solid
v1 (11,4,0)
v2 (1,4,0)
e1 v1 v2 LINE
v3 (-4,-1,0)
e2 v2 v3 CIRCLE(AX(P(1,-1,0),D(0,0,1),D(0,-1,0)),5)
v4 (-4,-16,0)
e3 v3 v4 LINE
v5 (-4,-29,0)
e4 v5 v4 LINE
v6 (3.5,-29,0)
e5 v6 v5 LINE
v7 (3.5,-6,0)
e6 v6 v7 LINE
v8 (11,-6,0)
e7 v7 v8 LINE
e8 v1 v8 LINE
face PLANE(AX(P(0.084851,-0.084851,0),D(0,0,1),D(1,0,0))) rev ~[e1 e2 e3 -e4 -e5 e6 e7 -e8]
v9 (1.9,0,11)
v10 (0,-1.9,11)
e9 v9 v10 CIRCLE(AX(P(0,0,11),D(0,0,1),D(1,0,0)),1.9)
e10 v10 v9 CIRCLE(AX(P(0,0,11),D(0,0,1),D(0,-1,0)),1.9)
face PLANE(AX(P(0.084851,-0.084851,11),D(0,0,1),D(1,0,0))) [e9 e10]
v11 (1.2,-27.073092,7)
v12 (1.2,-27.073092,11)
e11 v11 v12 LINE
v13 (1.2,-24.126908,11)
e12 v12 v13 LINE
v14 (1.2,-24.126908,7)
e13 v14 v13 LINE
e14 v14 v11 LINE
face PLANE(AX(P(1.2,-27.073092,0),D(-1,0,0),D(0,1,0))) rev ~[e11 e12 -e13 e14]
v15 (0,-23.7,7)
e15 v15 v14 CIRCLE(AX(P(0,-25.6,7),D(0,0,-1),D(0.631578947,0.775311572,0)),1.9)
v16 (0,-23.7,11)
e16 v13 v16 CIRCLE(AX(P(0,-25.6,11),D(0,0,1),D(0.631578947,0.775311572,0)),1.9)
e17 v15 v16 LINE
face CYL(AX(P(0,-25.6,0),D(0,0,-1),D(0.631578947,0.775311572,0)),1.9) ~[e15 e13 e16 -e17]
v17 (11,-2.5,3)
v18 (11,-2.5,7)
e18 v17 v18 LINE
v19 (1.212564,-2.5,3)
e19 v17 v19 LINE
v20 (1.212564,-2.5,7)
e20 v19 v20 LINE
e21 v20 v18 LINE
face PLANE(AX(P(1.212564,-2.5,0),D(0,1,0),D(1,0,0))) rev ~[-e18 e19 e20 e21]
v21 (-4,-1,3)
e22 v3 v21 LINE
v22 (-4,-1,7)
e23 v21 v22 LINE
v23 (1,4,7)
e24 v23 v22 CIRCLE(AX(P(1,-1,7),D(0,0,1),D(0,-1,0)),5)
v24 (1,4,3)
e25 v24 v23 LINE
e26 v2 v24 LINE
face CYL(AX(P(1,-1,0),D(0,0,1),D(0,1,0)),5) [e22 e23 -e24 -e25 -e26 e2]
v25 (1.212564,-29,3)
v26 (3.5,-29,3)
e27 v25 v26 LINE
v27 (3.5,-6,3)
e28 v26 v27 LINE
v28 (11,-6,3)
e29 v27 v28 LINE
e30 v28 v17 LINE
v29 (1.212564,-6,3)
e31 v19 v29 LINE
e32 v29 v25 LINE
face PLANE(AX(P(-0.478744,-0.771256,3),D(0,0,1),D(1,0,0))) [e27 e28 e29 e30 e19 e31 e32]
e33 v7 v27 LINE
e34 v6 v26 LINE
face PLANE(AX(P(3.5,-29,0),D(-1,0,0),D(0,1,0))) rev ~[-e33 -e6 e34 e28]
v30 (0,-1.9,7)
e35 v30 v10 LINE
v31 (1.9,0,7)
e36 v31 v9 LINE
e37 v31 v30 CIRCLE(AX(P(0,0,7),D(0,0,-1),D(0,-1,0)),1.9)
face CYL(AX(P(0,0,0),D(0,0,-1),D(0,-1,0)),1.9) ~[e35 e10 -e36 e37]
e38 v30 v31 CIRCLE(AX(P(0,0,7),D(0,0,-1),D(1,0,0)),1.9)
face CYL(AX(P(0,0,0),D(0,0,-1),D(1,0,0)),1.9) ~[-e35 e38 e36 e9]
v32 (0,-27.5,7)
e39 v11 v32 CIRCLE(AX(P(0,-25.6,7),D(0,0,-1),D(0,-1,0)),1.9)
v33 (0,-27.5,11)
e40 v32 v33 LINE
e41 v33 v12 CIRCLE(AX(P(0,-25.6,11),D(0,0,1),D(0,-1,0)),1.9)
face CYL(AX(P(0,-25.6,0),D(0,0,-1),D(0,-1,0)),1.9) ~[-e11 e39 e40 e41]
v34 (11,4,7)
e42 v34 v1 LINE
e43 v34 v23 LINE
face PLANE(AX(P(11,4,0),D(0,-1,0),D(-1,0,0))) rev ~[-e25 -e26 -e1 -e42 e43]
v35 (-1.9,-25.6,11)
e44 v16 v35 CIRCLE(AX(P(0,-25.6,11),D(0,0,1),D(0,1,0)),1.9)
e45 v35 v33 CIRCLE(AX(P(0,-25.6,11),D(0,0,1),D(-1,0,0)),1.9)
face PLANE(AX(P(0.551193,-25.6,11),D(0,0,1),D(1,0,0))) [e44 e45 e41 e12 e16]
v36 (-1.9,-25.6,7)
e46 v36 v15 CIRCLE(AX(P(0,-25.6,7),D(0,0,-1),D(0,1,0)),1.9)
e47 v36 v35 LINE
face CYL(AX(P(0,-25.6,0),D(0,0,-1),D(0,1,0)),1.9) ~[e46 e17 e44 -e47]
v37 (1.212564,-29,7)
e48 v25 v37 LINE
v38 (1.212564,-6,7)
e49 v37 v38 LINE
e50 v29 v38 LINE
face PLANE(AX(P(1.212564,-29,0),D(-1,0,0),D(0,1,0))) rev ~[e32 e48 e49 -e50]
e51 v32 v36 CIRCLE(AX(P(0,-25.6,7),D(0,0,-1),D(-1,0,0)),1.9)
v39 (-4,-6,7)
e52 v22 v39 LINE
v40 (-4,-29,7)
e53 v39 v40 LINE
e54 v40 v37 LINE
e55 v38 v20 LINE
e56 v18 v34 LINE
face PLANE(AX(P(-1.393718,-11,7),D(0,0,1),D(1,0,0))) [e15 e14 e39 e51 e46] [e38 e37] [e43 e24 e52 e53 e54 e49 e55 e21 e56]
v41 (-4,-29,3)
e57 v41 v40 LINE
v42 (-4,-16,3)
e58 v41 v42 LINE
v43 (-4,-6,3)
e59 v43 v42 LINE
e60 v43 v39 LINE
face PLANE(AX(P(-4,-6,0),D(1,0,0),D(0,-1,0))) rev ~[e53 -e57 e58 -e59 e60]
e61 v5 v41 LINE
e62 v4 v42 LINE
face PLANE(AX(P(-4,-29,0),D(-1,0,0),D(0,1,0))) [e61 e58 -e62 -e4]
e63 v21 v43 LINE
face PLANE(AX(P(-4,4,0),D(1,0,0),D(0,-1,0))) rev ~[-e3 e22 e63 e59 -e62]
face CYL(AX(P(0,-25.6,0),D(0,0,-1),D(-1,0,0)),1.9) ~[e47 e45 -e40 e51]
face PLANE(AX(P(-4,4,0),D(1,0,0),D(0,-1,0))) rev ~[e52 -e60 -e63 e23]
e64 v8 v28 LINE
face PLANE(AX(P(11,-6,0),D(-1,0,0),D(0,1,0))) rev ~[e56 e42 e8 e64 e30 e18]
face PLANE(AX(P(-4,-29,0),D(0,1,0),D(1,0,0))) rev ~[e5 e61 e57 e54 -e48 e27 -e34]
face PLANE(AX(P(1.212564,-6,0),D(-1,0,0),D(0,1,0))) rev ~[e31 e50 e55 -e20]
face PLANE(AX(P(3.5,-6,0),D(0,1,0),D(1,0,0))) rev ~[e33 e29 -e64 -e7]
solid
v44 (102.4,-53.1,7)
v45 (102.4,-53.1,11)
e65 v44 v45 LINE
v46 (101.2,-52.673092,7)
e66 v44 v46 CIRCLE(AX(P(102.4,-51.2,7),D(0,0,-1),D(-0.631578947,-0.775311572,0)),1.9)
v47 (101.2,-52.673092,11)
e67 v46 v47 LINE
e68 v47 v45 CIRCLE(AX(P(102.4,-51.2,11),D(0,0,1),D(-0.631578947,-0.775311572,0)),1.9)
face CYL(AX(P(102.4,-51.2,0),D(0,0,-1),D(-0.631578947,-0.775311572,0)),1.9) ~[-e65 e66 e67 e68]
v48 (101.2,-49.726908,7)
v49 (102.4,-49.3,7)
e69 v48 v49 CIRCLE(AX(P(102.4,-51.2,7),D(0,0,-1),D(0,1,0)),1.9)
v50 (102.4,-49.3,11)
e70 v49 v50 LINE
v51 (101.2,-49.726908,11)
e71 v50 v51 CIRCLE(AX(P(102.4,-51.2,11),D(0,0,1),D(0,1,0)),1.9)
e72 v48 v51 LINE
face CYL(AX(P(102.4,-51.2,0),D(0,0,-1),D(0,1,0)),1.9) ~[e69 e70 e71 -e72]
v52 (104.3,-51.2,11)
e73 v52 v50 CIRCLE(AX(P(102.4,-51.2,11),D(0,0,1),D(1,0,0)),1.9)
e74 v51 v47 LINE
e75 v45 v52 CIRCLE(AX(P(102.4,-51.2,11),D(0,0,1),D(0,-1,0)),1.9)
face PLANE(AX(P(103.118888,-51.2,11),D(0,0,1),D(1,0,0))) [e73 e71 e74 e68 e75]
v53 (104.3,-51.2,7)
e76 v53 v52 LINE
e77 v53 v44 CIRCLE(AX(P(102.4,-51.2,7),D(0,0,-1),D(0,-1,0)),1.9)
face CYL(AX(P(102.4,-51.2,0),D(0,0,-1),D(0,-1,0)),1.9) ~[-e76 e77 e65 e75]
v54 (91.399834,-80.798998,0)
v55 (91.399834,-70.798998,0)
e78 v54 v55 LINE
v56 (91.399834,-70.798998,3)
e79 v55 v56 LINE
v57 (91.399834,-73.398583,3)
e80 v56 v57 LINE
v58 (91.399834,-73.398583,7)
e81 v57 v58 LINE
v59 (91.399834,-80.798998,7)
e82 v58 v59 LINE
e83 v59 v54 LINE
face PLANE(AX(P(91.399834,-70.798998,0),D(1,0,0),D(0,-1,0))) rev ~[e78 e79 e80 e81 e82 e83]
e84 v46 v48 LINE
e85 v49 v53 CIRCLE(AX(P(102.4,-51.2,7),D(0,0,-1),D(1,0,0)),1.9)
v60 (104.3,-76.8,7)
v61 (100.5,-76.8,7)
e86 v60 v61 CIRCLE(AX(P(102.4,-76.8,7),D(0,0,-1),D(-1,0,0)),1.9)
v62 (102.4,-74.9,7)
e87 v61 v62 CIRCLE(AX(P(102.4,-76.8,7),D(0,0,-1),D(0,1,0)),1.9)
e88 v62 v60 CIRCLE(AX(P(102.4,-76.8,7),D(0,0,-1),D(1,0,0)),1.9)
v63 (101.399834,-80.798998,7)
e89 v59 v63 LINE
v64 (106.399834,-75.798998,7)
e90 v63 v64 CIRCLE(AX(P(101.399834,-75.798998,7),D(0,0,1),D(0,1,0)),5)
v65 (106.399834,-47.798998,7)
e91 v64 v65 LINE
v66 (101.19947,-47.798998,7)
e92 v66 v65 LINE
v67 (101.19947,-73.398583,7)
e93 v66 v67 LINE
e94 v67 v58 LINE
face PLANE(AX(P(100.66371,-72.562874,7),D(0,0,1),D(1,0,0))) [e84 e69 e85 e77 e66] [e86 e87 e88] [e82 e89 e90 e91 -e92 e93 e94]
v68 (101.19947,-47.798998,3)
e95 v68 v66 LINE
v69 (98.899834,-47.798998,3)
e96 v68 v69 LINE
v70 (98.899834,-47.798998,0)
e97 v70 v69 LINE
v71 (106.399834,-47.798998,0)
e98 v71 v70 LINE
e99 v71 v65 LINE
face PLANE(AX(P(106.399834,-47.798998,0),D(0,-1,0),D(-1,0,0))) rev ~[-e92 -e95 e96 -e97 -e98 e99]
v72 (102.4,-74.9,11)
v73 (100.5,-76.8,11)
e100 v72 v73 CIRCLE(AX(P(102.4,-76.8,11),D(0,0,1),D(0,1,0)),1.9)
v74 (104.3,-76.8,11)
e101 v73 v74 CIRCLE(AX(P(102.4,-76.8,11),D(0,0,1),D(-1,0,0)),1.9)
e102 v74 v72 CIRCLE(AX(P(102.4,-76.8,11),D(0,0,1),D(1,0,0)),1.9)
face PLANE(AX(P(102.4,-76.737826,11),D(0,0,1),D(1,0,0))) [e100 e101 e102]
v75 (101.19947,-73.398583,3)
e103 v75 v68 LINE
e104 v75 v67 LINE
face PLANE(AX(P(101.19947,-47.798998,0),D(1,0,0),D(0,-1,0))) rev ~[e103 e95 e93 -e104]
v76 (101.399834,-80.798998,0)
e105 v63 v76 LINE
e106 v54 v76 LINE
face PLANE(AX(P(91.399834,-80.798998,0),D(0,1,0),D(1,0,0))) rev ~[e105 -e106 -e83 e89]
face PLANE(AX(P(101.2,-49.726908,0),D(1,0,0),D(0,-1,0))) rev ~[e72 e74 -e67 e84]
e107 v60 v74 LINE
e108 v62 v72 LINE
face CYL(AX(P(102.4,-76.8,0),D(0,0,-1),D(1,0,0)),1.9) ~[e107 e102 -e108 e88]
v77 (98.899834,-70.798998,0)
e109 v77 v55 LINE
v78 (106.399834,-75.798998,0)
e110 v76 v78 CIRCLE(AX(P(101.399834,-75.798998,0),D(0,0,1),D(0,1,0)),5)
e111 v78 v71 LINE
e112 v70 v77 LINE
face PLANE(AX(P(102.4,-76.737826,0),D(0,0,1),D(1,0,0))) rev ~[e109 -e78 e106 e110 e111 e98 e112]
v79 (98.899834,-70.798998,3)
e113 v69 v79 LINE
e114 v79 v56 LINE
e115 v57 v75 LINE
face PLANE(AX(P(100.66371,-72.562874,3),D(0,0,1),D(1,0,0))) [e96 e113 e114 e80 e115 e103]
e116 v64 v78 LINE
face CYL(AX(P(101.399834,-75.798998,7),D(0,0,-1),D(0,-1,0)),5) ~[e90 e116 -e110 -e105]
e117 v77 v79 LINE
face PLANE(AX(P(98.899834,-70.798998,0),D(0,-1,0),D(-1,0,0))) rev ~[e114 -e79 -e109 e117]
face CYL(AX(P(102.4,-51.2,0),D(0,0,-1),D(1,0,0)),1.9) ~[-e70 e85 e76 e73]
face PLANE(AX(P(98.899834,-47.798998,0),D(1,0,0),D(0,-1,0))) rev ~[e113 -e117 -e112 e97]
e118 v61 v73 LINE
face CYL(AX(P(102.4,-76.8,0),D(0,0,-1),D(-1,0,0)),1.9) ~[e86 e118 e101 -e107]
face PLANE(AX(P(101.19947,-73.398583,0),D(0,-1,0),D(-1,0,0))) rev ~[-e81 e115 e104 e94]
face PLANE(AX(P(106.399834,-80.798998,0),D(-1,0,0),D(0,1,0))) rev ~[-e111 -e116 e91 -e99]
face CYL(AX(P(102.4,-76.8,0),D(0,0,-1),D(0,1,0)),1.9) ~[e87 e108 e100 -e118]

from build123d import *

# Parameters (mm, degrees)
F1_W     = 7.5
F1_H     = 6.5
F1_W_2   = 5.2125635985
F1_H_2   = 10
F1_W_3   = 2.2874364015
F1_H_3   = 13
F2_DEPTH = 3
F1_W_4   = 5.20036304
F1_W_5   = 2.29963696
F3_DEPTH = 7
F4_DEPTH = 11
F5_R     = 5
F5_2_R   = 5


with BuildPart() as f2:
    # F1 (on Top) → F2 (new body)
    with BuildSketch(Plane.XY):
        Polygon((3.5, 4), (0, 4), (-4, 4), (-4, -6), (1.2125635985, -6), (1.2125635985, -3.4049407113), (1.2125635985, -2.5), (3.5, -2.5), align=None)
        with Locations((7.25, 0.75)):
            Rectangle(F1_W, F1_H)
        with Locations((-1.3937182007, -11)):
            Rectangle(F1_W_2, F1_H_2)
        Polygon((11, -2.5), (3.5, -2.5), (1.2125635985, -2.5), (1.2125635985, -3.4049407113), (1.2125635985, -6), (3.5, -6), (11, -6), align=None)
        with Locations((2.3562817993, -11)):
            Rectangle(F1_W_3, F1_H_2)
        with Locations((-1.3937182007, -22.5)):
            Rectangle(F1_W_2, F1_H_3)
        with Locations((2.3562817993, -22.5)):
            Rectangle(F1_W_3, F1_H_3)
    extrude(amount=F2_DEPTH)

    # F1 (on Top) → F3 (join)
    with BuildSketch(Plane.XY):
        with Locations((-1.3937182007, -11)):
            Rectangle(F1_W_2, F1_H_2)
        with Locations((7.25, 0.75)):
            Rectangle(F1_W, F1_H)
        Polygon((3.5, 4), (0, 4), (-4, 4), (-4, -6), (1.2125635985, -6), (1.2125635985, -3.4049407113), (1.2125635985, -2.5), (3.5, -2.5), align=None)
        with Locations((-1.3937182007, -22.5)):
            Rectangle(F1_W_2, F1_H_3)
    extrude(amount=F3_DEPTH)

    # F0 (on Top) → F4, piece 2 (join)
    with BuildSketch(Plane.XY):
        with BuildLine():
            ThreePointArc((0, -1.9), (1.3435028843, -1.3435028843), (1.9, 0))
            ThreePointArc((1.9, 0), (-1.3435028843, 1.3435028843), (0, -1.9))
        make_face()
        with BuildLine():
            ThreePointArc((1.2, -24.1269080137), (0.6368379802, -23.8099057603), (0, -23.7))
            Line((0, -23.7), (0, -25.6))
            Line((0, -25.6), (0, -27.5))
            ThreePointArc((0, -27.5), (0.6368379802, -27.3900942397), (1.2, -27.0730919863))
            Line((1.2, -27.0730919863), (1.2, -24.1269080137))
        make_face()
        with BuildLine():
            Line((0, -25.6), (0, -23.7))
            ThreePointArc((0, -23.7), (-1.3435028843, -24.2564971157), (-1.9, -25.6))
            Line((-1.9, -25.6), (0, -25.6))
        make_face()
        with BuildLine():
            Line((0, -27.5), (0, -25.6))
            Line((0, -25.6), (-1.9, -25.6))
            ThreePointArc((-1.9, -25.6), (-1.3435028843, -26.9435028843), (0, -27.5))
        make_face()
    extrude(amount=F4_DEPTH)

    # F5
    f5_edges = [f2.edges().sort_by_distance(p)[0] for p in [
        (-4, 4, 3.5),
    ]]
    fillet(f5_edges, radius=F5_R)


with BuildPart() as f2b:
    # F1 (on Top) → F2, piece 2 (new body)
    with BuildSketch(Plane.XY):
        Polygon((106.3998335004, -80.7989978194), (106.3998335004, -76.7989978194), (106.3998335004, -70.7989978194), (106.3998335004, -60.7989978194), (101.1994704604, -60.7989978194), (101.1994704604, -70.7989978194), (101.1994704604, -73.3985826373), (98.8998335004, -73.3985826373), (91.3998335004, -73.3985826373), (91.3998335004, -80.7989978194), (98.8998335004, -80.7989978194), align=None)
        with Locations((103.7996519804, -54.2989978194)):
            Rectangle(F1_W_4, F1_H_3)
        Polygon((101.1994704604, -70.7989978194), (101.1994704604, -60.7989978194), (98.8998335004, -60.7989978194), (98.8998335004, -70.7989978194), (91.3998335004, -70.7989978194), (91.3998335004, -73.3985826373), (98.8998335004, -73.3985826373), (101.1994704604, -73.3985826373), align=None)
        with Locations((100.0496519804, -54.2989978194)):
            Rectangle(F1_W_5, F1_H_3)
    extrude(amount=F2_DEPTH)

    # F1 (on Top) → F3, piece 2 (join)
    with BuildSketch(Plane.XY):
        Polygon((106.3998335004, -80.7989978194), (106.3998335004, -76.7989978194), (106.3998335004, -70.7989978194), (106.3998335004, -60.7989978194), (101.1994704604, -60.7989978194), (101.1994704604, -70.7989978194), (101.1994704604, -73.3985826373), (98.8998335004, -73.3985826373), (91.3998335004, -73.3985826373), (91.3998335004, -80.7989978194), (98.8998335004, -80.7989978194), align=None)
        with Locations((103.7996519804, -54.2989978194)):
            Rectangle(F1_W_4, F1_H_3)
    extrude(amount=F3_DEPTH)

    # F0 (on Top) → F4 (join)
    with BuildSketch(Plane.XY):
        with BuildLine():
            ThreePointArc((104.3, -76.8), (103.7435028843, -75.4564971157), (102.4, -74.9))
            ThreePointArc((102.4, -74.9), (101.0564971157, -75.4564971157), (100.5, -76.8))
            ThreePointArc((100.5, -76.8), (102.4, -78.7), (104.3, -76.8))
        make_face()
        with BuildLine():
            ThreePointArc((104.3, -51.2), (103.7435028843, -49.8564971157), (102.4, -49.3))
            Line((102.4, -49.3), (102.4, -53.1))
            ThreePointArc((102.4, -53.1), (103.7435028843, -52.5435028843), (104.3, -51.2))
        make_face()
        with BuildLine():
            ThreePointArc((102.4, -49.3), (101.7631620198, -49.4099057603), (101.2, -49.7269080137))
            Line((101.2, -49.7269080137), (101.2, -52.6730919863))
            ThreePointArc((101.2, -52.6730919863), (101.7631620198, -52.9900942397), (102.4, -53.1))
            Line((102.4, -53.1), (102.4, -49.3))
        make_face()
    extrude(amount=F4_DEPTH)

    # F5#2
    f5_2_edges = [f2b.edges().sort_by_distance(p)[0] for p in [
        (106.399834, -80.798998, 3.5),
    ]]
    fillet(f5_2_edges, radius=F5_2_R)


solid = Compound([f2.part, f2b.part])
